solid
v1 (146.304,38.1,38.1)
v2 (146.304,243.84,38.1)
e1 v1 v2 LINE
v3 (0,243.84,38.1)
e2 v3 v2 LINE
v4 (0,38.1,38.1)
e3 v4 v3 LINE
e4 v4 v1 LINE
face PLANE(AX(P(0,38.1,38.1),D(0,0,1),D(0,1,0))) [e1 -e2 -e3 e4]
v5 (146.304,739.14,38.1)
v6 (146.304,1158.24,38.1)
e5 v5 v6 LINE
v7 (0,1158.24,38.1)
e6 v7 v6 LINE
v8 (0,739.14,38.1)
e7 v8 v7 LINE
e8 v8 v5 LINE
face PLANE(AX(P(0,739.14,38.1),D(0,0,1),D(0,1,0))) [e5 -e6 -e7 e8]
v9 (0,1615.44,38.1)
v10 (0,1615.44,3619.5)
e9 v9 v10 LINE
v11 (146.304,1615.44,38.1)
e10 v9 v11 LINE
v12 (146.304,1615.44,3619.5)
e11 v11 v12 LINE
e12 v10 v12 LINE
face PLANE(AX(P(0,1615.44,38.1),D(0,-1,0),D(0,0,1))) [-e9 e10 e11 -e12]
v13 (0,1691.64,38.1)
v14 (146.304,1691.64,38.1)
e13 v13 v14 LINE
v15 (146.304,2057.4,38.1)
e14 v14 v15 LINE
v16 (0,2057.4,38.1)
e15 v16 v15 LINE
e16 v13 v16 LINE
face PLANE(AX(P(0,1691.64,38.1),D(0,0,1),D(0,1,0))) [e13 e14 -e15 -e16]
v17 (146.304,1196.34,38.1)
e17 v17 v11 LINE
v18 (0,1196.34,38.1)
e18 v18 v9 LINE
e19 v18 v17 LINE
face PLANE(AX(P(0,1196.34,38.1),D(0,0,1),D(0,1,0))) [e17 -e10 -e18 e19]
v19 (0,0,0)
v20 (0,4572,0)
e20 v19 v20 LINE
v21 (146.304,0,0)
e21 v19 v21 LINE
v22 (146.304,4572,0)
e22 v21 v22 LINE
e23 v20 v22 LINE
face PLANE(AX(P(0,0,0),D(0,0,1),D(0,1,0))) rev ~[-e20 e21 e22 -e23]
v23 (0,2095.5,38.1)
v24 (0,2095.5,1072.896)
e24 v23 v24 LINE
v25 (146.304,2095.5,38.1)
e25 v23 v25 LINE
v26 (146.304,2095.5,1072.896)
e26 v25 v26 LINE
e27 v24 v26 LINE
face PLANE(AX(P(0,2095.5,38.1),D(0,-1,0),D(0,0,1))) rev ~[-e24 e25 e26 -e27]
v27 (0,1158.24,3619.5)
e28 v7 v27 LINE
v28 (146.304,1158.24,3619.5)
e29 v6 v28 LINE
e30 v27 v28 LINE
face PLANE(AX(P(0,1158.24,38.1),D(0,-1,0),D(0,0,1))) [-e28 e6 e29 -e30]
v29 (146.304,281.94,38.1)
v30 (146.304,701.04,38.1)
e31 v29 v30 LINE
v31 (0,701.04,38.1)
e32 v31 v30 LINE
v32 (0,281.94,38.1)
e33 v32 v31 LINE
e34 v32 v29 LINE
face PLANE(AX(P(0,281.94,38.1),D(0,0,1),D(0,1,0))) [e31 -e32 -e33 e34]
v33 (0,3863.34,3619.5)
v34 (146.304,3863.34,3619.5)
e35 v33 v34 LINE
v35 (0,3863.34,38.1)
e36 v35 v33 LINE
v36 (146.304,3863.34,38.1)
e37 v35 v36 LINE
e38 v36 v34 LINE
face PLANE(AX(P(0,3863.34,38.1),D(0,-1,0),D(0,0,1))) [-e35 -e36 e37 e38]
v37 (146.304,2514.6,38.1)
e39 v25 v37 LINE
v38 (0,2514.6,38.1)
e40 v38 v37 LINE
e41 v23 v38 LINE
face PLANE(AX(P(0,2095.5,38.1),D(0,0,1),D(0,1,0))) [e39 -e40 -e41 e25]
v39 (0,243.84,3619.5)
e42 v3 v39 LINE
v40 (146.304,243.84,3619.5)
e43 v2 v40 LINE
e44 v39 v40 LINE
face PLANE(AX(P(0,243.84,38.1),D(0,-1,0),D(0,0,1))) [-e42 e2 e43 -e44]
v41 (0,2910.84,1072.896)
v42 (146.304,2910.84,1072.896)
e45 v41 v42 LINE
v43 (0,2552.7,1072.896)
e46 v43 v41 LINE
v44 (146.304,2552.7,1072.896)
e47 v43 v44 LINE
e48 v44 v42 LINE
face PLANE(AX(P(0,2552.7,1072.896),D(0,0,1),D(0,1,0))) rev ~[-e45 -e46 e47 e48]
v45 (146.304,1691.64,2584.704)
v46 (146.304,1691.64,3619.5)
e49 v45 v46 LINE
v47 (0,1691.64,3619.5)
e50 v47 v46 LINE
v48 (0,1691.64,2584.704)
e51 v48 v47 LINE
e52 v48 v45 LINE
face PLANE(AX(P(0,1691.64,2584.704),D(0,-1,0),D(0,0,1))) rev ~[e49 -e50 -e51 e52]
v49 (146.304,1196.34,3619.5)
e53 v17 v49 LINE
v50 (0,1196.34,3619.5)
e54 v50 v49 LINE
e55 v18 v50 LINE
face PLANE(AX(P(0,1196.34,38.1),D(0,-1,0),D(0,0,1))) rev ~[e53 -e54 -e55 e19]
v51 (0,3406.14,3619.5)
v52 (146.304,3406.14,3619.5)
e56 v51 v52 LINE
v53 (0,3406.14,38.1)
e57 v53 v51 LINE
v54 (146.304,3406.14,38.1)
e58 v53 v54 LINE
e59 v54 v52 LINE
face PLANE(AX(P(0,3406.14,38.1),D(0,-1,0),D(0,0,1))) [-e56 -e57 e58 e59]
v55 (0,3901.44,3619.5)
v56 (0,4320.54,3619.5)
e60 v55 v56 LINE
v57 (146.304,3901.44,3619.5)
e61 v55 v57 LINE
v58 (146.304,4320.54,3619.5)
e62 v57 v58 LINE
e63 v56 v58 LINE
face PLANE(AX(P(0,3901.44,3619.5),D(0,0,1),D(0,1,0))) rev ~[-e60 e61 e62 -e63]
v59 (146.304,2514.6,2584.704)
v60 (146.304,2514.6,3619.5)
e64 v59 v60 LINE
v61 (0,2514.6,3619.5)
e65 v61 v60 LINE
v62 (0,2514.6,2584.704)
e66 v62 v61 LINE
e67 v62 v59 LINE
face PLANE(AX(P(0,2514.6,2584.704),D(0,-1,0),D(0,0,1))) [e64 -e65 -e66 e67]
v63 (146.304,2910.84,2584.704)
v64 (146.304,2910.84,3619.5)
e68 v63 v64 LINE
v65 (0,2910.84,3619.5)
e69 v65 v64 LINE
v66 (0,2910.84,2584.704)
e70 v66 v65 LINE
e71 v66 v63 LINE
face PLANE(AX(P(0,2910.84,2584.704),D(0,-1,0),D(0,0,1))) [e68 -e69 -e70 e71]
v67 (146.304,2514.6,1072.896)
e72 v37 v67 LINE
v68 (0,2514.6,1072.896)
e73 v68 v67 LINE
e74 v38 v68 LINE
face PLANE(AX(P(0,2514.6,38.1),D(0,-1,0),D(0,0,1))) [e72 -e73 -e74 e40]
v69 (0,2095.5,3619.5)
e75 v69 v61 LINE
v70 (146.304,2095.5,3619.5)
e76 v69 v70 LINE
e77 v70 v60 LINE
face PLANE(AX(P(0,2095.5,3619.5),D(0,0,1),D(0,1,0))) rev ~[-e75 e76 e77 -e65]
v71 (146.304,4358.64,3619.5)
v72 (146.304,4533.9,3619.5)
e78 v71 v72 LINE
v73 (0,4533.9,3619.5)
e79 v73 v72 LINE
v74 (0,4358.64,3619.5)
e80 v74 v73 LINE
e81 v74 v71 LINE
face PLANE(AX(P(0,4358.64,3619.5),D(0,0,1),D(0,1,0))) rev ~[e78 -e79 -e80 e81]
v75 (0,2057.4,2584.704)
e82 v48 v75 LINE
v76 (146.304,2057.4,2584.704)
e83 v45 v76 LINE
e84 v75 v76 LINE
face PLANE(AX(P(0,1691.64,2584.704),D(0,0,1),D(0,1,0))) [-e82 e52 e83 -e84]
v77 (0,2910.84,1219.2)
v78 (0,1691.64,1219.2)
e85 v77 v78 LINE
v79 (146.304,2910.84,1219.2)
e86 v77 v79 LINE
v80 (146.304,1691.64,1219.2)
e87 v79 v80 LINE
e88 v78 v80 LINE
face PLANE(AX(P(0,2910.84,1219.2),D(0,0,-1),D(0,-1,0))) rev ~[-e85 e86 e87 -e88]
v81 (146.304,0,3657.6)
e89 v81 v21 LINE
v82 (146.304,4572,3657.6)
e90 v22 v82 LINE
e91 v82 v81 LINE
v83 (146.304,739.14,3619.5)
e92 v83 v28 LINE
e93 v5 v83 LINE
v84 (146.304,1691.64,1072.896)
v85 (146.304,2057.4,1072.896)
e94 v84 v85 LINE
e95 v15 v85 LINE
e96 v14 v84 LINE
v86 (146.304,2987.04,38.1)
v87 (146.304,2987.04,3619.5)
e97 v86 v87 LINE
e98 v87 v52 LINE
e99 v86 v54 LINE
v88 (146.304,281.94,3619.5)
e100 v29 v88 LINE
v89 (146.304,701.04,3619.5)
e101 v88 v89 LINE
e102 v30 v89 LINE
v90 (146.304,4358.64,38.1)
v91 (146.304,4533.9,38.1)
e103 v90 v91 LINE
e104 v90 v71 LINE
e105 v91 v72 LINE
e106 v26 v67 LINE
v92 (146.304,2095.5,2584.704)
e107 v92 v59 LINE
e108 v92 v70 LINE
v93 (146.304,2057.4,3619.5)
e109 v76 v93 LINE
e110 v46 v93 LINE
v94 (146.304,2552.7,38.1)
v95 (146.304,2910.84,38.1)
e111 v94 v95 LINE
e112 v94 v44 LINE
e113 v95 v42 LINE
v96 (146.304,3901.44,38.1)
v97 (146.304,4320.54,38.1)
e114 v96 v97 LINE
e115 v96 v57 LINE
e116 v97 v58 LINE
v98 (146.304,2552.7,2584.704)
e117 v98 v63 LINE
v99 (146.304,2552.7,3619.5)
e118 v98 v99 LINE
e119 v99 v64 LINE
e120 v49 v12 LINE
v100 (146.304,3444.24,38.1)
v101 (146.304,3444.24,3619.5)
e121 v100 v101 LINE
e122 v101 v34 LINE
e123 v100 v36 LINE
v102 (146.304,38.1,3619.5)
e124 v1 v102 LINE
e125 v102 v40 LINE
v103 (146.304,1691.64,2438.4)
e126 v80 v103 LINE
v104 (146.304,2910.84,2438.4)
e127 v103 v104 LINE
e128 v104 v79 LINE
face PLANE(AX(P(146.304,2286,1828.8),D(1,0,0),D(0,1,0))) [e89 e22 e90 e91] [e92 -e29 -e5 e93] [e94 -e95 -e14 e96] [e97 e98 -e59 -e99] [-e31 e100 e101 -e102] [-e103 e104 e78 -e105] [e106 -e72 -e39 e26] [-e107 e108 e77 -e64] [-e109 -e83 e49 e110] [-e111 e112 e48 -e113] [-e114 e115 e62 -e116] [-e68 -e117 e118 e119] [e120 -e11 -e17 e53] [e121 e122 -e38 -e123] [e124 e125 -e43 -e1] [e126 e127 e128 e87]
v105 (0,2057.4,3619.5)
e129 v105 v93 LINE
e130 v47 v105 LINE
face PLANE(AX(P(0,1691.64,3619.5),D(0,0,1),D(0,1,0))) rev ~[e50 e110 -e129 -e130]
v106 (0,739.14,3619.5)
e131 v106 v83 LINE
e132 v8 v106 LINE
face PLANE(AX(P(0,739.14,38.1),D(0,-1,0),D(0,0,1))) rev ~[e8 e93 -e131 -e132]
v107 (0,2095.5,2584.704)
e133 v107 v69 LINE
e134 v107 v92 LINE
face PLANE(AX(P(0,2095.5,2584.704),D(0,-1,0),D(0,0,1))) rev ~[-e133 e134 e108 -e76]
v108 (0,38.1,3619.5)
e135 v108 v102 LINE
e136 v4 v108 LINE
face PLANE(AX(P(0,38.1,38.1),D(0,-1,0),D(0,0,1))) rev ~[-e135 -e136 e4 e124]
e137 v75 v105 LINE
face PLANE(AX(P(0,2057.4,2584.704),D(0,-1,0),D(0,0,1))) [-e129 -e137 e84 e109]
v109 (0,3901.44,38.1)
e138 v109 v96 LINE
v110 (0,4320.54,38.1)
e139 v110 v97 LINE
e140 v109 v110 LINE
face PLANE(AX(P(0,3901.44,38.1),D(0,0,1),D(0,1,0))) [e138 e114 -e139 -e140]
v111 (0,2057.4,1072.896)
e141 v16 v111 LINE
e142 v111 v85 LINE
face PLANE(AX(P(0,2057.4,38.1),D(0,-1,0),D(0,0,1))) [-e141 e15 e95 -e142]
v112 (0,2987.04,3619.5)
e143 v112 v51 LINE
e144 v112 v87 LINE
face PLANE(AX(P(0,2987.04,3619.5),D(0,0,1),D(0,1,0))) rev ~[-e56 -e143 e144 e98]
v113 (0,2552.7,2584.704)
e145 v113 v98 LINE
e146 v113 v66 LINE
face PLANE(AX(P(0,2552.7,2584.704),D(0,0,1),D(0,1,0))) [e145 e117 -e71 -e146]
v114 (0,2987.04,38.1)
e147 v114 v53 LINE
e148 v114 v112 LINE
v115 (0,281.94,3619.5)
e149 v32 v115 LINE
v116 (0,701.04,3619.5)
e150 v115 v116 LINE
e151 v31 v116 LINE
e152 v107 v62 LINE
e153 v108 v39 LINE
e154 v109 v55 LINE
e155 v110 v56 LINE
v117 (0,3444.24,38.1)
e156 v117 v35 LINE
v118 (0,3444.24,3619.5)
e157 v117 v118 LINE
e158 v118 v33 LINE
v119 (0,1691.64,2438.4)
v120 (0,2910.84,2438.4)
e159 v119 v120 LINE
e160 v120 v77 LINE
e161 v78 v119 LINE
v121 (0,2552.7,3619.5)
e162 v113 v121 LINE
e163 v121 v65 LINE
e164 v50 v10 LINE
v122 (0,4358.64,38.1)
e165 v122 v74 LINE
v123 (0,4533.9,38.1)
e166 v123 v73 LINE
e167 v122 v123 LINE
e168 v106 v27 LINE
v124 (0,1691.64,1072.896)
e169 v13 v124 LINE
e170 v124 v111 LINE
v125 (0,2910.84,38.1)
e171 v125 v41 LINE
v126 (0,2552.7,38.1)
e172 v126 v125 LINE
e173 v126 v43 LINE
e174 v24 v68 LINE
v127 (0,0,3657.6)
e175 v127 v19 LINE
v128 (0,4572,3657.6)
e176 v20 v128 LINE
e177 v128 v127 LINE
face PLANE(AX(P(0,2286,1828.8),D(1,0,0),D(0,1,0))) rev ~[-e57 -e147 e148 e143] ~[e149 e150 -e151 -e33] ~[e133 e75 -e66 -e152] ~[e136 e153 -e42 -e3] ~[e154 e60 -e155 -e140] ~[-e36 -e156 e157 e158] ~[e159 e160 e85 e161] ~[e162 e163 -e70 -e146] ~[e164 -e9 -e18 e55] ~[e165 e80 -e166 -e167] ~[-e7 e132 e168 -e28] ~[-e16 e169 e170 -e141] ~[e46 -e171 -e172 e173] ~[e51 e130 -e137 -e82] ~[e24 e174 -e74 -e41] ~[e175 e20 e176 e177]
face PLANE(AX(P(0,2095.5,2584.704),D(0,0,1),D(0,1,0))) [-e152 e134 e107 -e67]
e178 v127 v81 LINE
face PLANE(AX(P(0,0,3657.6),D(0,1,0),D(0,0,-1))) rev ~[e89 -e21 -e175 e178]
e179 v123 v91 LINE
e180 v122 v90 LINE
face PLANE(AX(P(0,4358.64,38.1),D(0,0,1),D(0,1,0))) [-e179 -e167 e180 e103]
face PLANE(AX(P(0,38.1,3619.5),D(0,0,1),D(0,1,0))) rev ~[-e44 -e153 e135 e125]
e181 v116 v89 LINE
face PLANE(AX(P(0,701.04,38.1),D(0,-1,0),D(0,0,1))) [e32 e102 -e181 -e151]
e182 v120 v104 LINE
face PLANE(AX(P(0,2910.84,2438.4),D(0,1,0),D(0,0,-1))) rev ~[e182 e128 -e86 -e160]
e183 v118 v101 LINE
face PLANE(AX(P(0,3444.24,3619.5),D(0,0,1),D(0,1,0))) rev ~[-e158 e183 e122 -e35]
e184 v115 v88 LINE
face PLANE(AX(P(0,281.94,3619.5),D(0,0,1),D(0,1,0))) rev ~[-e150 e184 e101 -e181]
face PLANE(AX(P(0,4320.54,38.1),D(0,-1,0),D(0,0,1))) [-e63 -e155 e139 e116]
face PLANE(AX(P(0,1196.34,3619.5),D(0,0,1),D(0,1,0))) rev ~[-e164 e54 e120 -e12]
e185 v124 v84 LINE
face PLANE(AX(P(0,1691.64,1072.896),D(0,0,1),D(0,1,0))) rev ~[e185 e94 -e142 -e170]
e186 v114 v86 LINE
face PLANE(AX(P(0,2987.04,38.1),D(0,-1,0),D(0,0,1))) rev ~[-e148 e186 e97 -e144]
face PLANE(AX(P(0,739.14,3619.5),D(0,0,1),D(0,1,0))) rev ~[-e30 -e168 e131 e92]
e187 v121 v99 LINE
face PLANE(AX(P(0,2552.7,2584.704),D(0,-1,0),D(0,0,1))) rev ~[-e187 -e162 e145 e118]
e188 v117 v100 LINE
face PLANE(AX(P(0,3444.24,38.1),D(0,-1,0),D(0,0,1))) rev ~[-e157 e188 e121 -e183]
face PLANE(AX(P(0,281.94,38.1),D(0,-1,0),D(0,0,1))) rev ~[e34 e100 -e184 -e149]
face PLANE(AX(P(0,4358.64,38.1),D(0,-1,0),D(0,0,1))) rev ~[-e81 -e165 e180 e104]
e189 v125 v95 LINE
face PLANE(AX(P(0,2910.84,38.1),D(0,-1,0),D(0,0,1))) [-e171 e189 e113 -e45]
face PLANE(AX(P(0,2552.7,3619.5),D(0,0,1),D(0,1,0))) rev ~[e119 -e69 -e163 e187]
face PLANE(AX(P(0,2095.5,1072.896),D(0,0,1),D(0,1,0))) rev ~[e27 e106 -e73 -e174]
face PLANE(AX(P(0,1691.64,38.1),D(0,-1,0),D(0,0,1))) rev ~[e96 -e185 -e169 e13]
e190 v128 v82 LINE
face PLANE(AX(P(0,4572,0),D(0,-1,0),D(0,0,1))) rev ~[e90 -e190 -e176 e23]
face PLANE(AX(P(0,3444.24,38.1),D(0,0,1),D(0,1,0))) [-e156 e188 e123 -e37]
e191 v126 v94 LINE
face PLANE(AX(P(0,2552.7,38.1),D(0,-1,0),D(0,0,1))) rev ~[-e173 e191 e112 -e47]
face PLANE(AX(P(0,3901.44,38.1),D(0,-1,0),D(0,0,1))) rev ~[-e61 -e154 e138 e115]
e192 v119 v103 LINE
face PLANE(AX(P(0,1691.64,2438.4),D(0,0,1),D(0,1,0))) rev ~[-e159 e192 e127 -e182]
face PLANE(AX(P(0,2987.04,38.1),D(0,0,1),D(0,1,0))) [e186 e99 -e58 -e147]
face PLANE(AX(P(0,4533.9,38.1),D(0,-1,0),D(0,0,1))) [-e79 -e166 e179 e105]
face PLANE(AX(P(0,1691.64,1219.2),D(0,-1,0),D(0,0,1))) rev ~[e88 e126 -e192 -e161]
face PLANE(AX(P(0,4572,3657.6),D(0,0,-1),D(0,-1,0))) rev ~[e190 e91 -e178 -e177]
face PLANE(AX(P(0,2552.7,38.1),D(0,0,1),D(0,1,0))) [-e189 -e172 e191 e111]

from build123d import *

# Parameters (mm, degrees)
F0_W     = 365.76
F0_H     = 1034.796
F0_W_2   = 419.1
F0_W_3   = 358.14
F0_W_4   = 205.74
F0_H_2   = 3581.4
F0_W_5   = 175.26
F1_DEPTH = 146.304


with BuildPart() as f1:
    # F0 (on Right) → F1 (new body)
    with BuildSketch(Plane.YZ):
        Polygon((0, 3657.6), (0, 0), (4572, 0), (4572, 38.1), (4572, 3619.5), (4572, 3657.6), align=None)
        with Locations((1874.52, 555.498)):
            Rectangle(F0_W, F0_H, mode=Mode.SUBTRACT)
        with Locations((2305.05, 555.498)):
            Rectangle(F0_W_2, F0_H, mode=Mode.SUBTRACT)
        with Locations((2731.77, 555.498)):
            Rectangle(F0_W_3, F0_H, mode=Mode.SUBTRACT)
        with Locations((140.97, 1828.8)):
            Rectangle(F0_W_4, F0_H_2, mode=Mode.SUBTRACT)
        with Locations((491.49, 1828.8)):
            Rectangle(F0_W_2, F0_H_2, mode=Mode.SUBTRACT)
        with Locations((948.69, 1828.8)):
            Rectangle(F0_W_2, F0_H_2, mode=Mode.SUBTRACT)
        with Locations((1405.89, 1828.8)):
            Rectangle(F0_W_2, F0_H_2, mode=Mode.SUBTRACT)
        with Locations((1874.52, 3102.102)):
            Rectangle(F0_W, F0_H, mode=Mode.SUBTRACT)
        Polygon((1691.64, 1219.2), (1691.64, 2438.4), (2057.4, 2438.4), (2514.6, 2438.4), (2552.7, 2438.4), (2910.84, 2438.4), (2910.84, 1219.2), (2552.7, 1219.2), (2514.6, 1219.2), (2095.5, 1219.2), align=None, mode=Mode.SUBTRACT)
        with Locations((3196.59, 1828.8)):
            Rectangle(F0_W_2, F0_H_2, mode=Mode.SUBTRACT)
        with Locations((3653.79, 1828.8)):
            Rectangle(F0_W_2, F0_H_2, mode=Mode.SUBTRACT)
        with Locations((4110.99, 1828.8)):
            Rectangle(F0_W_2, F0_H_2, mode=Mode.SUBTRACT)
        with Locations((4446.27, 1828.8)):
            Rectangle(F0_W_5, F0_H_2, mode=Mode.SUBTRACT)
        with Locations((2305.05, 3102.102)):
            Rectangle(F0_W_2, F0_H, mode=Mode.SUBTRACT)
        with Locations((2731.77, 3102.102)):
            Rectangle(F0_W_3, F0_H, mode=Mode.SUBTRACT)
    extrude(amount=F1_DEPTH)


solid = f1.part
